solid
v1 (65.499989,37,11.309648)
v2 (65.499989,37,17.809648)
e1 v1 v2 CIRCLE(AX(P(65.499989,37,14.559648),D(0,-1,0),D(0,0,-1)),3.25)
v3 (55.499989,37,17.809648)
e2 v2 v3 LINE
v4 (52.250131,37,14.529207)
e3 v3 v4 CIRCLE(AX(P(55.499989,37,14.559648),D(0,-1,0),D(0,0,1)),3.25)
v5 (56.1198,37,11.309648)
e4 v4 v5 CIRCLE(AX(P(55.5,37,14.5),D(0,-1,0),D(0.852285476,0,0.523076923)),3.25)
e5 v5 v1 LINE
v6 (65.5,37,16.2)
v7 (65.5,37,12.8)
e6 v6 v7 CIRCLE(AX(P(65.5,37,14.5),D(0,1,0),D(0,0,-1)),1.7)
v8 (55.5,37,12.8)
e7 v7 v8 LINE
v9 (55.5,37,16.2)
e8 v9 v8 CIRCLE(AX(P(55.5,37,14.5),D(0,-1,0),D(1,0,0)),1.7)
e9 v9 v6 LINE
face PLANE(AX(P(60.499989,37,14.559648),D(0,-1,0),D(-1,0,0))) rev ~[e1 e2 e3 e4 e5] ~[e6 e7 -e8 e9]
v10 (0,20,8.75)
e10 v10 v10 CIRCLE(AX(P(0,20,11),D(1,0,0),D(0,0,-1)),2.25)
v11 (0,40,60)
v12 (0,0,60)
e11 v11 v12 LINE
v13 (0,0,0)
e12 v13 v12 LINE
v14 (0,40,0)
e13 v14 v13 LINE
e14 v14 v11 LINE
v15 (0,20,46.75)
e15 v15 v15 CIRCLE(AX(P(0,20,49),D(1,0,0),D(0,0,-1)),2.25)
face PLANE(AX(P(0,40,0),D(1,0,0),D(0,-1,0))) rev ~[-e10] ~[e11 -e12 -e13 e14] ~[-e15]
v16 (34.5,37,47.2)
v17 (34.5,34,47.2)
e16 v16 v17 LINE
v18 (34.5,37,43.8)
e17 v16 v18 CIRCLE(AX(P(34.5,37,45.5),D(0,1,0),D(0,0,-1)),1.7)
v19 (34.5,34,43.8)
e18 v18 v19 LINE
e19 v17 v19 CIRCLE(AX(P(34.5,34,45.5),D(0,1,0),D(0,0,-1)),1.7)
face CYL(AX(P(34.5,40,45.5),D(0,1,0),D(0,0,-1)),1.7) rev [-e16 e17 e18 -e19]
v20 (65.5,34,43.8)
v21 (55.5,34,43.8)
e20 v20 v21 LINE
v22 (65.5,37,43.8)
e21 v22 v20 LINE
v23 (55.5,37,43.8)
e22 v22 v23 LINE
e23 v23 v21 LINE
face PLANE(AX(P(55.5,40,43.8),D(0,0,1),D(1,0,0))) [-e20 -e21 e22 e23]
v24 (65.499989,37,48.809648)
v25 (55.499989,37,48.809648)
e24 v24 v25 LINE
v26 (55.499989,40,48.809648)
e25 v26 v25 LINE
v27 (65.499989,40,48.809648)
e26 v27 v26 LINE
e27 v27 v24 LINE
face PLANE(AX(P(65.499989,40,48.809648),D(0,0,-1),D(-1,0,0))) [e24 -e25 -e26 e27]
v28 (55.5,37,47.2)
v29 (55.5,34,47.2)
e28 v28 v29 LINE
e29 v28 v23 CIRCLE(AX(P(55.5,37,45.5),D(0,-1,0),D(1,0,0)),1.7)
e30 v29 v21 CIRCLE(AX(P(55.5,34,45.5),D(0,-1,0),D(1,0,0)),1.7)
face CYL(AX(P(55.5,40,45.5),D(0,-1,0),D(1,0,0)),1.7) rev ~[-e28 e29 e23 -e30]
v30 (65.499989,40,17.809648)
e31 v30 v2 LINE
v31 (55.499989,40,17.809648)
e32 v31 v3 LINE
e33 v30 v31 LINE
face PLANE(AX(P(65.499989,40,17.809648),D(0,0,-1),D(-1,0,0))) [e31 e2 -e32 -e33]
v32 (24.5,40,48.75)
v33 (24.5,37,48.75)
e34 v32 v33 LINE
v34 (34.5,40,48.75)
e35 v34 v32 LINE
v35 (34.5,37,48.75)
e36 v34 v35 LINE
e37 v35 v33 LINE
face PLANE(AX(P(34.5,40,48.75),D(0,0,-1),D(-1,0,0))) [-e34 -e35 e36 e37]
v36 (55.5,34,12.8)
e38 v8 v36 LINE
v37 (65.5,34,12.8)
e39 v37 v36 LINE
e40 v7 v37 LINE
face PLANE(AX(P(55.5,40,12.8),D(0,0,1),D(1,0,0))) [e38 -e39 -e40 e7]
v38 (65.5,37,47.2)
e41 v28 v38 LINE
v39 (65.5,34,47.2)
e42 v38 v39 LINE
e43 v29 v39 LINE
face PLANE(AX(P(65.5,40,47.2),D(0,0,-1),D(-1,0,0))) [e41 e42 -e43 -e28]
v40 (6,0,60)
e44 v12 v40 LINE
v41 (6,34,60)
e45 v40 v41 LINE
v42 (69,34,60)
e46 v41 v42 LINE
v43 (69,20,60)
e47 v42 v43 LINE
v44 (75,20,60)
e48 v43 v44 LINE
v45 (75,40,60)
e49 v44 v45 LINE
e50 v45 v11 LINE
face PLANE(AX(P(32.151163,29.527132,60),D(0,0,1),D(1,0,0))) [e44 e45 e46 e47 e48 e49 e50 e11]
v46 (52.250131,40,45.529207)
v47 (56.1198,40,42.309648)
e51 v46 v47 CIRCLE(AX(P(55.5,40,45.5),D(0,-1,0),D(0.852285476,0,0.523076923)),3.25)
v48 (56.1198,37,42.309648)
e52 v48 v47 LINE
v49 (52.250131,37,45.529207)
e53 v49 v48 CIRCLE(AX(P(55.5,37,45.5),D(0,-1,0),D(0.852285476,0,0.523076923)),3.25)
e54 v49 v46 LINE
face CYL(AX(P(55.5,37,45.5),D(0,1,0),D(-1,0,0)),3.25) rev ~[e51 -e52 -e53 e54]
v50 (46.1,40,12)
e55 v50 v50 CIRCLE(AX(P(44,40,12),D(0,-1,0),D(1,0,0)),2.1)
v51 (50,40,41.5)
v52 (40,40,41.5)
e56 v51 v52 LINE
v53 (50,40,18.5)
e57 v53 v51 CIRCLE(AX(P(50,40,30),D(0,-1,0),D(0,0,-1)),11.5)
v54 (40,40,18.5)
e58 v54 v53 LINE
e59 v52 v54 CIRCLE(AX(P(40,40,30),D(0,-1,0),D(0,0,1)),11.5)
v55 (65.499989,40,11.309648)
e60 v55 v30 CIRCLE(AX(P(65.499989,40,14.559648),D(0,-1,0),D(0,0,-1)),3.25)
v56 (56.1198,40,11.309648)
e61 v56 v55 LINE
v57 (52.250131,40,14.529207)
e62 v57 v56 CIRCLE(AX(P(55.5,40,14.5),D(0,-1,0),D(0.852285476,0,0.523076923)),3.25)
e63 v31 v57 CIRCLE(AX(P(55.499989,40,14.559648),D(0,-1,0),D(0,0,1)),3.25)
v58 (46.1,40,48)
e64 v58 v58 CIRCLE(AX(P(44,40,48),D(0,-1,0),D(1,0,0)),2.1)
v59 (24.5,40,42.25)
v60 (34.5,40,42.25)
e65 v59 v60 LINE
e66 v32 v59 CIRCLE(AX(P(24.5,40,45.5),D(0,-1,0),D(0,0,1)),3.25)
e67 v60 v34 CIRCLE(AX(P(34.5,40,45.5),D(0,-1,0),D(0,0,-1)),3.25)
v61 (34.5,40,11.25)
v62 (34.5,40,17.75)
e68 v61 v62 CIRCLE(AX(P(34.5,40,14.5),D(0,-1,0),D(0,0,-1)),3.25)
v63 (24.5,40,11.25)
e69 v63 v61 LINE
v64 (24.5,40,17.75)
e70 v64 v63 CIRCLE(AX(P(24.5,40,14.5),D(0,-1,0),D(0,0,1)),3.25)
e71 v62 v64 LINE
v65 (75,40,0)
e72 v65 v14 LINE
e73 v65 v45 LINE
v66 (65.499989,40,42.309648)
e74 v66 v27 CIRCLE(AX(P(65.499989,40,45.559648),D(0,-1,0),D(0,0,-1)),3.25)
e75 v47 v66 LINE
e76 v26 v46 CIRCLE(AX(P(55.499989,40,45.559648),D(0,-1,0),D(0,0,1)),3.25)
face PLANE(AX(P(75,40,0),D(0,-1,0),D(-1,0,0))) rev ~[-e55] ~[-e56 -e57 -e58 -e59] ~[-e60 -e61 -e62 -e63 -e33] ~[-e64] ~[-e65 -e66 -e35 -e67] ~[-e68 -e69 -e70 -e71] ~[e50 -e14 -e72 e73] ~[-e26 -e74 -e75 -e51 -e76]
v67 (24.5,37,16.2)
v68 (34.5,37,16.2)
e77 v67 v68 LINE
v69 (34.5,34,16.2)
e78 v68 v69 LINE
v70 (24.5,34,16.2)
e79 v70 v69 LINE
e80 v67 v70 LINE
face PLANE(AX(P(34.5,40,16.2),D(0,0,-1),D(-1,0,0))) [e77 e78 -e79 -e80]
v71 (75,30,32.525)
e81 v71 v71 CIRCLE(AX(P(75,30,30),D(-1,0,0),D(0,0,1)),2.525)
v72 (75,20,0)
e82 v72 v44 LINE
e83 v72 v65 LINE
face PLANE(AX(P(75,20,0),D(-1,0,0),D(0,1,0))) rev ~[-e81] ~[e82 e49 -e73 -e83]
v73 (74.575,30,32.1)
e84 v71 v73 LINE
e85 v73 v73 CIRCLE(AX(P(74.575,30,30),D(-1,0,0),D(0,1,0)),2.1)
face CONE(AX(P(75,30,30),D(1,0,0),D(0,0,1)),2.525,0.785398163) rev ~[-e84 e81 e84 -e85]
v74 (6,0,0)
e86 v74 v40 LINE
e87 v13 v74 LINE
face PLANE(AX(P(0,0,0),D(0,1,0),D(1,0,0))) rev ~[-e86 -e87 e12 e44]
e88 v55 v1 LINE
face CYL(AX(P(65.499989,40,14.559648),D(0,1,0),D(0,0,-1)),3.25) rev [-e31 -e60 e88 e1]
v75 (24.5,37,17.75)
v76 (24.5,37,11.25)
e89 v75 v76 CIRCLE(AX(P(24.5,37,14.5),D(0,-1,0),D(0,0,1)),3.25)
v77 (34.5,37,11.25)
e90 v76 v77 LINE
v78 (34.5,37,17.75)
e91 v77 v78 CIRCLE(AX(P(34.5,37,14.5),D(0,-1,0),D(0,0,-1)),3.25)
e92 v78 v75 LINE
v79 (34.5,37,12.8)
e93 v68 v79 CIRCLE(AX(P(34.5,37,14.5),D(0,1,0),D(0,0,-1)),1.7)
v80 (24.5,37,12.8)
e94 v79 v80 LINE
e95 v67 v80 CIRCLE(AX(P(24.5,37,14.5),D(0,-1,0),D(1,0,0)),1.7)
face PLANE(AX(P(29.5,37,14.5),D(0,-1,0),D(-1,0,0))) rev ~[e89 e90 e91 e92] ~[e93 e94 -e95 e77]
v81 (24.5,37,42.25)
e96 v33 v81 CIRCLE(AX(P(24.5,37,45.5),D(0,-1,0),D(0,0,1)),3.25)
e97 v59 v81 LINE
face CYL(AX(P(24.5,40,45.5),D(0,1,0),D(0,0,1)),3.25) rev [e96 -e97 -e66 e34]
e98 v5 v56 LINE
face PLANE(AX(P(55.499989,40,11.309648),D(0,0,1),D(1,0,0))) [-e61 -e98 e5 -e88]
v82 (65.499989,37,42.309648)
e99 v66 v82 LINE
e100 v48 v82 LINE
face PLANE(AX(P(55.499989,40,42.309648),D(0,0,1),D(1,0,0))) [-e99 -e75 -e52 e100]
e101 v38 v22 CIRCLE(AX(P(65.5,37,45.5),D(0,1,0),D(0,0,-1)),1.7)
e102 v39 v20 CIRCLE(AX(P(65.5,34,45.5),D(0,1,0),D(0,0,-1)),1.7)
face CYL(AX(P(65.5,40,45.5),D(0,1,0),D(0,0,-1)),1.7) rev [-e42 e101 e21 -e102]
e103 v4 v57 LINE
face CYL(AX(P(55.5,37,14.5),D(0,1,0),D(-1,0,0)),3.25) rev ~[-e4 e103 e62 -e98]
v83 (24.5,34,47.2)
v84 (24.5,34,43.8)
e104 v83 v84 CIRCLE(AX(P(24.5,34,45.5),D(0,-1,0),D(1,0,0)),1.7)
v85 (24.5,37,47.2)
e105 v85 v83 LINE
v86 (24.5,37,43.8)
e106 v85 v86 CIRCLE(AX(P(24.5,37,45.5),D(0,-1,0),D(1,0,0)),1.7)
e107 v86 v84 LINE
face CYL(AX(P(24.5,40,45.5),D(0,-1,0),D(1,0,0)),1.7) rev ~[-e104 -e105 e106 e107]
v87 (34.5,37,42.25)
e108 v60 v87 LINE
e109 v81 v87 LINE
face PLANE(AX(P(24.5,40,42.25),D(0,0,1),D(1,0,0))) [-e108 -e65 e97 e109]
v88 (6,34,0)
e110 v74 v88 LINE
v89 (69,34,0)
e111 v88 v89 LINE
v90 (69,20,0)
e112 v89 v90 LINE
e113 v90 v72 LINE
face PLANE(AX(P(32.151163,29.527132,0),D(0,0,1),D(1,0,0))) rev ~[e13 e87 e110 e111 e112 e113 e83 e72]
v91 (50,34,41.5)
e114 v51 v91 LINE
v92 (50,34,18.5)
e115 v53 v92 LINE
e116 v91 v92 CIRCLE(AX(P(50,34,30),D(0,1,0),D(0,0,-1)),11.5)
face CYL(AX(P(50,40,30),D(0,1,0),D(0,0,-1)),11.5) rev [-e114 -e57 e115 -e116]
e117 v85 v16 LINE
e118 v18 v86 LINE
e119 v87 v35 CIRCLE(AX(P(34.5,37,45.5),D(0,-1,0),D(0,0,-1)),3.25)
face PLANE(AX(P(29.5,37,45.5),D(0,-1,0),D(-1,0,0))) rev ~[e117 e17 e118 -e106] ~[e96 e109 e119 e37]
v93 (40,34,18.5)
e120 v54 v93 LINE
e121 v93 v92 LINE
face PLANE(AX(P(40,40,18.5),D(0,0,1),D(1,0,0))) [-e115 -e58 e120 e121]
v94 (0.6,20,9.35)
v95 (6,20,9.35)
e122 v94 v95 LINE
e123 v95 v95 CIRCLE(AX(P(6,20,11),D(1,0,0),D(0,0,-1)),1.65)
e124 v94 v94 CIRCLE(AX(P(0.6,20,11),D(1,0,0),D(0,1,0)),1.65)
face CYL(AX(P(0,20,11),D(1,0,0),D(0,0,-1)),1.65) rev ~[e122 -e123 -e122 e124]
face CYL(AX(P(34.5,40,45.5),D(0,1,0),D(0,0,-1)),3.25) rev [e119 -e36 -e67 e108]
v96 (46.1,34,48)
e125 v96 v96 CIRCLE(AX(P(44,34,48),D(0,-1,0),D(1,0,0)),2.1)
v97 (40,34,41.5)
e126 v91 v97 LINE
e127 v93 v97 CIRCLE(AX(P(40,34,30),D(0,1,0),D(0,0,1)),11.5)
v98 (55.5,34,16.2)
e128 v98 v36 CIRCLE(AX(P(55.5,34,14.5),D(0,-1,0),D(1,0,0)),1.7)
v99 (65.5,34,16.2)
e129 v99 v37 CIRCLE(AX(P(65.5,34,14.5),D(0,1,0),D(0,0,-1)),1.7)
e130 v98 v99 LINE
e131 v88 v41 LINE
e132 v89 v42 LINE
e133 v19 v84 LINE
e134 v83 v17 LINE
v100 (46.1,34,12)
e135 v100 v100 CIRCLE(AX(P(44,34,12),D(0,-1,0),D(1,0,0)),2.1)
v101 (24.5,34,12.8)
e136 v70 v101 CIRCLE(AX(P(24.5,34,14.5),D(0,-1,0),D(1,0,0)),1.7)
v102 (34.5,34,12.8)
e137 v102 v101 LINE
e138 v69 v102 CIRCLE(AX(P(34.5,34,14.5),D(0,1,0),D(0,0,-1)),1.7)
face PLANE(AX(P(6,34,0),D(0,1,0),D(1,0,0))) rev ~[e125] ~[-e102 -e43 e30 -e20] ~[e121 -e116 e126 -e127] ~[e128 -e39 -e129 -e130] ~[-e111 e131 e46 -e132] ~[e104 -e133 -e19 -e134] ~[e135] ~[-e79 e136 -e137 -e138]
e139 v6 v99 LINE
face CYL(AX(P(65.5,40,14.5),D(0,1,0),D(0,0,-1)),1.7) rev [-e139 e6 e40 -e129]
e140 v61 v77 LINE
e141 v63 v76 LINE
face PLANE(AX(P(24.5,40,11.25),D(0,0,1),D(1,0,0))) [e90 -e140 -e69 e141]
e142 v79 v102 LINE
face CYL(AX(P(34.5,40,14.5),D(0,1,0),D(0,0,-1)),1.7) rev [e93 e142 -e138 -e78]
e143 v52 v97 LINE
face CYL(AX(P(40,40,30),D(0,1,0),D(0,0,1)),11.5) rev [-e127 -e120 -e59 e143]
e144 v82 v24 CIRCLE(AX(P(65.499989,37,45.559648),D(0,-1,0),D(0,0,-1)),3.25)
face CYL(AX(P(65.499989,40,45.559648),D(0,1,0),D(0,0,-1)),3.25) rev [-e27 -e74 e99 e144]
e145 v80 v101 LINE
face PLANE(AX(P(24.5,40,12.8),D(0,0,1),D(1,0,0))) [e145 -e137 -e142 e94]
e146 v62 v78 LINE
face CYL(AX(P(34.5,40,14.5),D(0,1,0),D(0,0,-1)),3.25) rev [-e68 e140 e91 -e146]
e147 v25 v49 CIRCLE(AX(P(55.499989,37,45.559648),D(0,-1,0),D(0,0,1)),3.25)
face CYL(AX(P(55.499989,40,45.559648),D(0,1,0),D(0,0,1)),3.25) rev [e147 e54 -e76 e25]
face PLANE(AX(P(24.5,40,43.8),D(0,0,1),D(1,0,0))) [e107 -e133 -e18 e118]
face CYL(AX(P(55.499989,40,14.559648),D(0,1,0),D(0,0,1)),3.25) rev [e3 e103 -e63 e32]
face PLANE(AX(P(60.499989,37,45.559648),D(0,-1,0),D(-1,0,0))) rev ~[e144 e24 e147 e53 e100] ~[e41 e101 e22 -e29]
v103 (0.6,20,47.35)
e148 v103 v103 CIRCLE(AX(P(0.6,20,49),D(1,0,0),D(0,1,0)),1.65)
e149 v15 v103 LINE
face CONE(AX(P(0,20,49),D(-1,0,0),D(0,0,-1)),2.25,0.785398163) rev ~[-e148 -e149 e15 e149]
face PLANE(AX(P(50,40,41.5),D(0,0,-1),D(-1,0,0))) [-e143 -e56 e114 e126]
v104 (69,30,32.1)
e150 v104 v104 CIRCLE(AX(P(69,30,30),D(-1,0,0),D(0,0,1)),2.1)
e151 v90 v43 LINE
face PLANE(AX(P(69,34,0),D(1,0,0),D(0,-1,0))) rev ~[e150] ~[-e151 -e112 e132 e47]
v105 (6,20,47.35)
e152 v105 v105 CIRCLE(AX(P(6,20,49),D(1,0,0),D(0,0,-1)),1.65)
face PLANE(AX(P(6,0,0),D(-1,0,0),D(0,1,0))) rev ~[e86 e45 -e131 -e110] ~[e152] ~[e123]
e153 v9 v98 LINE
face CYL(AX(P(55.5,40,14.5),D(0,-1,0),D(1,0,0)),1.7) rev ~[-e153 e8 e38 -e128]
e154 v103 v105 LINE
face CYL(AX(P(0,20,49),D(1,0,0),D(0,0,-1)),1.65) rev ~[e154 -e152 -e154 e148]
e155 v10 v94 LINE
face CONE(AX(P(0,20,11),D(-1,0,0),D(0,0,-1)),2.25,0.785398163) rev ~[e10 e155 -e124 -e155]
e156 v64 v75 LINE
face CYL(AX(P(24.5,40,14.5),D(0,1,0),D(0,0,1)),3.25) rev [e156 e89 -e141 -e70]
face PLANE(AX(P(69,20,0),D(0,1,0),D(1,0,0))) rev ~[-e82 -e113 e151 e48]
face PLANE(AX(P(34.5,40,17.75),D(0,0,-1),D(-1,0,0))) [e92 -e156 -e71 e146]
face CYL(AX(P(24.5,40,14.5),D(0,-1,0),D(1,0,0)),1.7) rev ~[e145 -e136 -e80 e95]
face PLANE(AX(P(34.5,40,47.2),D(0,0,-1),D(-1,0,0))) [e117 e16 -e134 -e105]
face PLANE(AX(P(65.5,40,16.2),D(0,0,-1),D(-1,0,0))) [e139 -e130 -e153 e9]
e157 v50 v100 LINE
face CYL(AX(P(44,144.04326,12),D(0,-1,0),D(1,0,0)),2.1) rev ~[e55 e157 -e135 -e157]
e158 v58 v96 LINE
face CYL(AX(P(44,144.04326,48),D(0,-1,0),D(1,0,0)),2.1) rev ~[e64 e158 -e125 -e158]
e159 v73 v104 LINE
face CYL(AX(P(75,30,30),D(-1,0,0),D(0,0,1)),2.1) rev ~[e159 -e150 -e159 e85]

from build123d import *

# Parameters (mm, degrees)
BOSS_EXTRUDE1_DEPTH                                 = 60
CUT_EXTRUDE1_DEPTH                                  = 105.043260233
CBORE_FOR_M3_HEX_SOCKET_HEAD_CAP_SCREW1_D           = 3.4
CBORE_FOR_M3_HEX_SOCKET_HEAD_CAP_SCREW1_CBORE_D     = 6.5
CBORE_FOR_M3_HEX_SOCKET_HEAD_CAP_SCREW1_CBORE_DEPTH = 3
CUT_EXTRUDE5_REACH                                  = 106.043
CUT_EXTRUDE6_DEPTH                                  = 3
M5_TAPPED_HOLE1_D                                   = 4.2
M4_TAPPED_HOLE1_D                                   = 3.3
M4_TAPPED_HOLE1_DEPTH                               = 6
M4_TAPPED_HOLE1_CSINK_D                             = 4.5
M4_TAPPED_HOLE1_CSINK_ANGLE                         = 90
M5_TAPPED_HOLE2_D                                   = 4.2
M5_TAPPED_HOLE2_DEPTH                               = 6
M5_TAPPED_HOLE2_CSINK_D                             = 5.05
M5_TAPPED_HOLE2_CSINK_ANGLE                         = 90


with BuildPart() as part:
    # Sketch1 → Boss-Extrude1 (new body)
    with BuildSketch(Plane.XY):
        Polygon((0, 0), (6, 0), (6, 34), (69, 34), (69, 20), (75, 20), (75, 40), (0, 40), align=None)
    extrude(amount=BOSS_EXTRUDE1_DEPTH)

    # Sketch2 → Cut-Extrude1 (cut, through all)
    with BuildSketch(Plane(origin=(0, 40, 0), x_dir=(1, 0, 0), z_dir=(0, 1, 0))):
        with BuildLine():
            Line((40, -18.5), (50, -18.5))
            ThreePointArc((50, -18.5), (61.5, -30), (50, -41.5))
            Line((50, -41.5), (40, -41.5))
            ThreePointArc((40, -41.5), (28.5, -30), (40, -18.5))
        make_face()
    extrude(amount=-CUT_EXTRUDE1_DEPTH, mode=Mode.SUBTRACT)

    # CBORE for M3 Hex Socket Head Cap Screw1 (through all)
    with Locations(Plane(origin=(0, 40, 0), x_dir=(-1, 0, 0), z_dir=(0, 1, 0))):
        with Locations((-24.5, 45.5), (-55.5, 45.5), (-24.5, 14.5), (-55.5, 14.5)):
            CounterBoreHole(CBORE_FOR_M3_HEX_SOCKET_HEAD_CAP_SCREW1_D / 2, CBORE_FOR_M3_HEX_SOCKET_HEAD_CAP_SCREW1_CBORE_D / 2, CBORE_FOR_M3_HEX_SOCKET_HEAD_CAP_SCREW1_CBORE_DEPTH)

    # Sketch24 → Cut-Extrude5 (cut, up to next)
    with BuildSketch(Plane(origin=(0, 40, 0), x_dir=(1, 0, 0), z_dir=(0, 1, 0)), mode=Mode.PRIVATE) as cut_extrude5_sk1:
        with BuildLine():
            Line((24.5, -12.8), (34.5, -12.8))
            ThreePointArc((34.5, -12.8), (36.2, -14.5), (34.5, -16.2))
            Line((34.5, -16.2), (24.5, -16.2))
            ThreePointArc((24.5, -16.2), (22.8, -14.5), (24.5, -12.8))
        make_face()
    cut_extrude5_tool1 = extrude(cut_extrude5_sk1.sketch, amount=-CUT_EXTRUDE5_REACH, mode=Mode.PRIVATE) & part.part
    # Sketch24 → Cut-Extrude5 (cut, up to next)
    with BuildSketch(Plane(origin=(0, 40, 0), x_dir=(1, 0, 0), z_dir=(0, 1, 0)), mode=Mode.PRIVATE) as cut_extrude5_sk2:
        with BuildLine():
            Line((55.5, -12.8), (65.5, -12.8))
            ThreePointArc((65.5, -12.8), (67.2, -14.5), (65.5, -16.2))
            Line((65.5, -16.2), (55.5, -16.2))
            ThreePointArc((55.5, -16.2), (53.8, -14.5), (55.5, -12.8))
        make_face()
    cut_extrude5_tool2 = extrude(cut_extrude5_sk2.sketch, amount=-CUT_EXTRUDE5_REACH, mode=Mode.PRIVATE) & part.part
    # Sketch24 → Cut-Extrude5 (cut, up to next)
    with BuildSketch(Plane(origin=(0, 40, 0), x_dir=(1, 0, 0), z_dir=(0, 1, 0)), mode=Mode.PRIVATE) as cut_extrude5_sk3:
        with BuildLine():
            Line((24.5, -43.8), (34.5, -43.8))
            ThreePointArc((34.5, -43.8), (36.2, -45.5), (34.5, -47.2))
            Line((34.5, -47.2), (24.5, -47.2))
            ThreePointArc((24.5, -47.2), (22.8, -45.5), (24.5, -43.8))
        make_face()
    cut_extrude5_tool3 = extrude(cut_extrude5_sk3.sketch, amount=-CUT_EXTRUDE5_REACH, mode=Mode.PRIVATE) & part.part
    # Sketch24 → Cut-Extrude5 (cut, up to next)
    with BuildSketch(Plane(origin=(0, 40, 0), x_dir=(1, 0, 0), z_dir=(0, 1, 0)), mode=Mode.PRIVATE) as cut_extrude5_sk4:
        with BuildLine():
            Line((55.5, -43.8), (65.5, -43.8))
            ThreePointArc((65.5, -43.8), (67.2, -45.5), (65.5, -47.2))
            Line((65.5, -47.2), (55.5, -47.2))
            ThreePointArc((55.5, -47.2), (53.8, -45.5), (55.5, -43.8))
        make_face()
    cut_extrude5_tool4 = extrude(cut_extrude5_sk4.sketch, amount=-CUT_EXTRUDE5_REACH, mode=Mode.PRIVATE) & part.part
    add(cut_extrude5_tool1.solids().sort_by_distance((29.5, 40, 14.5))[0], mode=Mode.SUBTRACT)
    add(cut_extrude5_tool2.solids().sort_by_distance((60.5, 40, 14.5))[0], mode=Mode.SUBTRACT)
    add(cut_extrude5_tool3.solids().sort_by_distance((29.5, 40, 45.5))[0], mode=Mode.SUBTRACT)
    add(cut_extrude5_tool4.solids().sort_by_distance((60.5, 40, 45.5))[0], mode=Mode.SUBTRACT)

    # Sketch25 → Cut-Extrude6 (cut)
    with BuildSketch(Plane(origin=(0, 40, 0), x_dir=(1, 0, 0), z_dir=(0, 1, 0))):
        with BuildLine():
            Line((24.5, -11.25), (34.5, -11.25))
            ThreePointArc((34.5, -11.25), (37.75, -14.5), (34.5, -17.75))
            Line((34.5, -17.75), (24.5, -17.75))
            ThreePointArc((24.5, -17.75), (21.25, -14.5), (24.5, -11.25))
        make_face()
        with BuildLine():
            Line((55.499988687, -11.3096476), (65.499988687, -11.3096476))
            ThreePointArc((65.499988687, -11.3096476), (68.749988687, -14.5596476), (65.499988687, -17.8096476))
            Line((65.499988687, -17.8096476), (55.499988687, -17.8096476))
            ThreePointArc((55.499988687, -17.8096476), (52.249988687, -14.5596476), (55.499988687, -11.3096476))
        make_face()
        with BuildLine():
            Line((24.5, -42.25), (34.5, -42.25))
            ThreePointArc((34.5, -42.25), (37.75, -45.5), (34.5, -48.75))
            Line((34.5, -48.75), (24.5, -48.75))
            ThreePointArc((24.5, -48.75), (21.25, -45.5), (24.5, -42.25))
        make_face()
        with BuildLine():
            Line((55.499988687, -42.3096476), (65.499988687, -42.3096476))
            ThreePointArc((65.499988687, -42.3096476), (68.749988687, -45.5596476), (65.499988687, -48.8096476))
            Line((65.499988687, -48.8096476), (55.499988687, -48.8096476))
            ThreePointArc((55.499988687, -48.8096476), (52.249988687, -45.5596476), (55.499988687, -42.3096476))
        make_face()
    extrude(amount=-CUT_EXTRUDE6_DEPTH, mode=Mode.SUBTRACT)

    # M5 Tapped Hole1 (through all)
    with Locations(Plane(origin=(0, 40, 0), x_dir=(-1, 0, 0), z_dir=(0, 1, 0))):
        with Locations((-44, 12), (-44, 48)):
            Hole(M5_TAPPED_HOLE1_D / 2)

    # M4 Tapped Hole1
    with Locations(Plane.ZY):
        with Locations((11, 20), (49, 20)):
            CounterSinkHole(M4_TAPPED_HOLE1_D / 2, M4_TAPPED_HOLE1_CSINK_D / 2, depth=M4_TAPPED_HOLE1_DEPTH, counter_sink_angle=M4_TAPPED_HOLE1_CSINK_ANGLE)

    # M5 Tapped Hole2
    with Locations(Plane(origin=(75, 0, 0), x_dir=(0, 0, -1), z_dir=(1, 0, 0))):
        with Locations((-30, 30)):
            CounterSinkHole(M5_TAPPED_HOLE2_D / 2, M5_TAPPED_HOLE2_CSINK_D / 2, depth=M5_TAPPED_HOLE2_DEPTH, counter_sink_angle=M5_TAPPED_HOLE2_CSINK_ANGLE)


solid = part.part
